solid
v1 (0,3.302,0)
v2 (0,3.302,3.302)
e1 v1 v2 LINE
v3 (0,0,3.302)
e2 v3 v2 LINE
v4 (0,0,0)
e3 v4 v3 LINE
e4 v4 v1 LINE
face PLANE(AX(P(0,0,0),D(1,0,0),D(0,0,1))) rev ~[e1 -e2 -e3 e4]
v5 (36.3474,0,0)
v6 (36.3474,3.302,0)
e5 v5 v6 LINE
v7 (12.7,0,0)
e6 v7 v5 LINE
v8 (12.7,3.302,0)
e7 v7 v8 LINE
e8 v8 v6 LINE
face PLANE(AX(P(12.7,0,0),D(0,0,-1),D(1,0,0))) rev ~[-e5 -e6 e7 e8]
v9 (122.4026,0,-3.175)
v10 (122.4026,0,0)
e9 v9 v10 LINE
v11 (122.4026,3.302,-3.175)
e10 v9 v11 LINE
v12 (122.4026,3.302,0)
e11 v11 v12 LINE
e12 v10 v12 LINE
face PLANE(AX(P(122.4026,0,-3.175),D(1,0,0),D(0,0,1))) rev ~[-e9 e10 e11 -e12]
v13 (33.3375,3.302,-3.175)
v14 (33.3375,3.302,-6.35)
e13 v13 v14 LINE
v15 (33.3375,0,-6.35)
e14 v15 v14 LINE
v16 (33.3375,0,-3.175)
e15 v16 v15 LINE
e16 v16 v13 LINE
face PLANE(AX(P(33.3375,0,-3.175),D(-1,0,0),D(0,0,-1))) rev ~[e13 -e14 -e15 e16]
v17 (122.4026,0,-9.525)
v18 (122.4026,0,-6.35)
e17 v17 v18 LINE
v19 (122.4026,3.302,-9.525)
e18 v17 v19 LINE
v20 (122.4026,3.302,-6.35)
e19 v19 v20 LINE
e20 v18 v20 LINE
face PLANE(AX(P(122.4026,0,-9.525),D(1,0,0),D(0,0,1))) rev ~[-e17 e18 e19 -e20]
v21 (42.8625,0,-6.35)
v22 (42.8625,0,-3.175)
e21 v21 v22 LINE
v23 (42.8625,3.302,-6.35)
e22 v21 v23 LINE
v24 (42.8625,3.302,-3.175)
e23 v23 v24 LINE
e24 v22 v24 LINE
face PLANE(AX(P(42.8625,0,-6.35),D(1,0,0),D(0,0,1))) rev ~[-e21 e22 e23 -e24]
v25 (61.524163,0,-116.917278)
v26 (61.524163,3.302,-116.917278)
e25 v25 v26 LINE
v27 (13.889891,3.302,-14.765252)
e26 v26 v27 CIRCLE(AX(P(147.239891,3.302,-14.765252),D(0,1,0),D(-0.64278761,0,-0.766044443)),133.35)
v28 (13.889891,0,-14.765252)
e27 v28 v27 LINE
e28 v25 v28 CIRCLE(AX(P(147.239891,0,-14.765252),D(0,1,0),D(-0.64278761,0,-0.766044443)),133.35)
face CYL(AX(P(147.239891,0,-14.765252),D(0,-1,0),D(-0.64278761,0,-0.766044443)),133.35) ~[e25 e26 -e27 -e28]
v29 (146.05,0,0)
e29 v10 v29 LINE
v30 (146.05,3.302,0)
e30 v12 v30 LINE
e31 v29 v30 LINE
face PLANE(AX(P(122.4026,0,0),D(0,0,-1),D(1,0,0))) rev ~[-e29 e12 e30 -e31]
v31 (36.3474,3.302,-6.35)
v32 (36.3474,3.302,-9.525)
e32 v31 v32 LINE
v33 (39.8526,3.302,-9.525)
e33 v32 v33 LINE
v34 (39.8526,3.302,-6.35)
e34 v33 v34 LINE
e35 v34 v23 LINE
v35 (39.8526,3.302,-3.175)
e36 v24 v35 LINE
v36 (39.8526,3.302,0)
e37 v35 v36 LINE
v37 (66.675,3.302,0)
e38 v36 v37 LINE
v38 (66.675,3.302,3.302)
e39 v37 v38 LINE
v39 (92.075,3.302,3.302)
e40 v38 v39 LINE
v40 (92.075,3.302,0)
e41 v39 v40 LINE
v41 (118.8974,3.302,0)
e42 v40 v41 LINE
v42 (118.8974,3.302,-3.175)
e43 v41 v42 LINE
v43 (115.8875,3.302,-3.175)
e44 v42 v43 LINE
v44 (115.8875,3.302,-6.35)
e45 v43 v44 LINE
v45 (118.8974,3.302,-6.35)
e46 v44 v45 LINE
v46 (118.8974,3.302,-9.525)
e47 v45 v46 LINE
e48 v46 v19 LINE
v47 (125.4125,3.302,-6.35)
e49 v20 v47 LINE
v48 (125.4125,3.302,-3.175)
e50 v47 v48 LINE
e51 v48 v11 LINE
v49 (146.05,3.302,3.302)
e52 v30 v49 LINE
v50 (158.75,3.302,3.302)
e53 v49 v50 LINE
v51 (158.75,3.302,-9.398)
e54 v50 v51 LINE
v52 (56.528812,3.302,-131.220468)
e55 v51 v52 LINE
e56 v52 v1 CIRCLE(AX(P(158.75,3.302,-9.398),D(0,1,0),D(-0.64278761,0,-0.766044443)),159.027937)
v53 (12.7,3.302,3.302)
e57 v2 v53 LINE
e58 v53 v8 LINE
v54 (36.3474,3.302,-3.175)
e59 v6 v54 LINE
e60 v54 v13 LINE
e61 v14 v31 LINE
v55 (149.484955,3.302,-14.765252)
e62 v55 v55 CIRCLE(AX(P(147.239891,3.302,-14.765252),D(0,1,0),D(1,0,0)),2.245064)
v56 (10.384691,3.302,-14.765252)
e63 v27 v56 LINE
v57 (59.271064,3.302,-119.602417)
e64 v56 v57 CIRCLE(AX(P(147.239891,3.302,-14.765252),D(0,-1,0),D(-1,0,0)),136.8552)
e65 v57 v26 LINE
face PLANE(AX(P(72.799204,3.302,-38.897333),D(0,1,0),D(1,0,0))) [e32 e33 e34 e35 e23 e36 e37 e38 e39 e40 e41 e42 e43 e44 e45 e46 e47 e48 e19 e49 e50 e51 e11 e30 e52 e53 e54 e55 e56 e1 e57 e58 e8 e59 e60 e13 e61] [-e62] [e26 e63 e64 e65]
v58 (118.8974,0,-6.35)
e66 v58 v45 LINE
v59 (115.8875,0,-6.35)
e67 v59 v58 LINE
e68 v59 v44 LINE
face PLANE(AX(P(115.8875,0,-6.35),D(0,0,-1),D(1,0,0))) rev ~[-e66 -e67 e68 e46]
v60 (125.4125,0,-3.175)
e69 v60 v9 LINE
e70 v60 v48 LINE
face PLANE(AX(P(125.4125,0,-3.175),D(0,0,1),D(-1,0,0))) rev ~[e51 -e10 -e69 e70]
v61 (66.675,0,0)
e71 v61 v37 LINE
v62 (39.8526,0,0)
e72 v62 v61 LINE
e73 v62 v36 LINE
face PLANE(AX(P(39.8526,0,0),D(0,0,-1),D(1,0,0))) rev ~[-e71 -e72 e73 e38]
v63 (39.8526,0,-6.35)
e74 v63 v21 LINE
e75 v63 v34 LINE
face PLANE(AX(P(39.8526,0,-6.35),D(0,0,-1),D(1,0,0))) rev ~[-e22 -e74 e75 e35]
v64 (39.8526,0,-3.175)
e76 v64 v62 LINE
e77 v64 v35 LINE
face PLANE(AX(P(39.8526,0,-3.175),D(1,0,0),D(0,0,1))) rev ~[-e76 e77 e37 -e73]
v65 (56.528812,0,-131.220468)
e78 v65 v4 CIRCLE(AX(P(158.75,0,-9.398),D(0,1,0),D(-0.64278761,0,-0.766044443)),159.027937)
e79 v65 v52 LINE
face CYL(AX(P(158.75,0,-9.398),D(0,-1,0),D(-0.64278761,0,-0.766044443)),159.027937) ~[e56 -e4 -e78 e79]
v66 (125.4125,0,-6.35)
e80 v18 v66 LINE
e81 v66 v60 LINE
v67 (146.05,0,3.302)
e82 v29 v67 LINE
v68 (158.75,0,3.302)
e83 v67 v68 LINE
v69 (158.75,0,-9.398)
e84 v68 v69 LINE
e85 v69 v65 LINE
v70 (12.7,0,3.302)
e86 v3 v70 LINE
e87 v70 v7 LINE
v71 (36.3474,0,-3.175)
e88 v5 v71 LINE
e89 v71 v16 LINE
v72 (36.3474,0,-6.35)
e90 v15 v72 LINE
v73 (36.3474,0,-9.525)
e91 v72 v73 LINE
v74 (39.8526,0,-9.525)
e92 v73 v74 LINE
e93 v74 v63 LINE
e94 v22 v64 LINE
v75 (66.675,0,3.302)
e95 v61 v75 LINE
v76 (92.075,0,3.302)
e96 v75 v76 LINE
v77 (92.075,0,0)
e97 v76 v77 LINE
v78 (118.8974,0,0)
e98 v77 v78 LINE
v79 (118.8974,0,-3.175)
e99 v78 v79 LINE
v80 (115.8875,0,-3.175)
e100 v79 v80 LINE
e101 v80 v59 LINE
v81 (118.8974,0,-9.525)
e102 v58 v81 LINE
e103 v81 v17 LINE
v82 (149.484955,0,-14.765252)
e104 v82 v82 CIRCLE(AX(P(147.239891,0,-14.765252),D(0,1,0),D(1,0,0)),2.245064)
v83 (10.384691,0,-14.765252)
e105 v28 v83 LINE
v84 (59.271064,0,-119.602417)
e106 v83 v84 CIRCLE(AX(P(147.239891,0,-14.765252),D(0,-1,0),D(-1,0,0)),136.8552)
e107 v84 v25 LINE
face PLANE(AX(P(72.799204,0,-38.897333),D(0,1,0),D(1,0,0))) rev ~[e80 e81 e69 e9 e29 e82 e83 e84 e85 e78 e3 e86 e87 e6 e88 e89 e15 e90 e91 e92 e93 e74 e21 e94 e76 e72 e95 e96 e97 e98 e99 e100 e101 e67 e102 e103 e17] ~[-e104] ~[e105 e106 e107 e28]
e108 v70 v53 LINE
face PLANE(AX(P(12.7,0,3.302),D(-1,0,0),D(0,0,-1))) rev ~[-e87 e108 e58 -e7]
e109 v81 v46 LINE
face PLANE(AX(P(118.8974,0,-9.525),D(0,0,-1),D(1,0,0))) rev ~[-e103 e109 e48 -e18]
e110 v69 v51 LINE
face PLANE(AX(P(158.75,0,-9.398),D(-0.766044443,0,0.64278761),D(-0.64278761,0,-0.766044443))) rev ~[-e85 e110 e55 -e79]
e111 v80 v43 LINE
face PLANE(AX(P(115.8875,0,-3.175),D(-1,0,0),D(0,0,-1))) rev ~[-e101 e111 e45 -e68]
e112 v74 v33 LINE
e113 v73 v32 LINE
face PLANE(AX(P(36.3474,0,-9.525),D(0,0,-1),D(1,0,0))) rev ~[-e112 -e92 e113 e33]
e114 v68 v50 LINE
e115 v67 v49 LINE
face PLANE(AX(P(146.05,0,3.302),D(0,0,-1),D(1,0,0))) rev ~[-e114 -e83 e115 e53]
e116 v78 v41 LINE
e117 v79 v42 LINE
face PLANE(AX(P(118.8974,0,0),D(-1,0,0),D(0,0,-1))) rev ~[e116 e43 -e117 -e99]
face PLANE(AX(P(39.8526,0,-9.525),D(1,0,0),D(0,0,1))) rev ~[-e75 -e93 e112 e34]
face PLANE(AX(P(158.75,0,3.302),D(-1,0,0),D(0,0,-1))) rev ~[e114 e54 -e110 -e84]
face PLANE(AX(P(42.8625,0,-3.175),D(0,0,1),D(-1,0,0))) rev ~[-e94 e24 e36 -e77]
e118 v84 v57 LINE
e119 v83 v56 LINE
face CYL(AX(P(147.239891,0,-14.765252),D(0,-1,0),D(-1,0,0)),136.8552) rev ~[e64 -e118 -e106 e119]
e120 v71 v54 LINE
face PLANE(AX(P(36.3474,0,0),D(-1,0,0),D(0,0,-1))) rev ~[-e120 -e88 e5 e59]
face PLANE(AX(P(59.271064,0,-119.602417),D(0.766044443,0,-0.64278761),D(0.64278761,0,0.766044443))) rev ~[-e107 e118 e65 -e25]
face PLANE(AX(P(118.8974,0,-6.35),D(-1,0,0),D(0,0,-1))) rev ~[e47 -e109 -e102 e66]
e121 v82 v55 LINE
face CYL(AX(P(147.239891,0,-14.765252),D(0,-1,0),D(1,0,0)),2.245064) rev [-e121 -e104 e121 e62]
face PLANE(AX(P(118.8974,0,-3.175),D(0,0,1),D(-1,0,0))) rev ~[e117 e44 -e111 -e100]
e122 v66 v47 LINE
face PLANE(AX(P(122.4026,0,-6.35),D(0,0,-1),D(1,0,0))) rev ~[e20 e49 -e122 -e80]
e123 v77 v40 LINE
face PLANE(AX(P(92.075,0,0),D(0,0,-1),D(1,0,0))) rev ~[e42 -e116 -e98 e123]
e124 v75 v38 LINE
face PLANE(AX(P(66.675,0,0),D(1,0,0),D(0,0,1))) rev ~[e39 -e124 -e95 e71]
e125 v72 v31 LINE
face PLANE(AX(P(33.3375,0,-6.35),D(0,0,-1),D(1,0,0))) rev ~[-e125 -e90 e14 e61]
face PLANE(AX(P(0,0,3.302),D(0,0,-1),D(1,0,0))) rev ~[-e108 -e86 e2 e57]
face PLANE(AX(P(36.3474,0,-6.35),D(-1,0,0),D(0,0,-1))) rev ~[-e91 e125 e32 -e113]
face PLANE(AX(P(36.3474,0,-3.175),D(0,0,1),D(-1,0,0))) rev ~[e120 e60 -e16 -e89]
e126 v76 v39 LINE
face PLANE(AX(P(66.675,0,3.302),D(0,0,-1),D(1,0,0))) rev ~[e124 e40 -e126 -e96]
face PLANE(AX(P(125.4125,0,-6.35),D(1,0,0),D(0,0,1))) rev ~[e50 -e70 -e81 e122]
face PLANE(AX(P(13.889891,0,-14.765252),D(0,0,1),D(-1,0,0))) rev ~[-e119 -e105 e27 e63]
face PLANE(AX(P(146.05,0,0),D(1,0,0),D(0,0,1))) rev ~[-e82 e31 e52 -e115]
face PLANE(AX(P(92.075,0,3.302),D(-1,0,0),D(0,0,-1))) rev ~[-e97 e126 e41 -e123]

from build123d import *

# Parameters (mm, degrees)
SKETCH1_R           = 2.24506403
BOSS_EXTRUDE1_DEPTH = 3.302


with BuildPart() as part:
    # Sketch1 → Boss-Extrude1 (new body)
    with BuildSketch(Plane(origin=(0, 0, 0), x_dir=(1, 0, 0), z_dir=(0, 1, 0))):
        with BuildLine():
            Line((12.7, -3.302), (12.7, 0))
            Line((12.7, 0), (36.3474, 0))
            Line((36.3474, 0), (36.3474, 3.175))
            Line((36.3474, 3.175), (33.3375, 3.175))
            Line((33.3375, 3.175), (33.3375, 6.35))
            Line((33.3375, 6.35), (36.3474, 6.35))
            Line((36.3474, 6.35), (36.3474, 9.525))
            Line((36.3474, 9.525), (39.8526, 9.525))
            Line((39.8526, 9.525), (39.8526, 6.35))
            Line((39.8526, 6.35), (42.8625, 6.35))
            Line((42.8625, 6.35), (42.8625, 3.175))
            Line((42.8625, 3.175), (39.8526, 3.175))
            Line((39.8526, 3.175), (39.8526, 0))
            Line((39.8526, 0), (66.675, 0))
            Line((66.675, 0), (66.675, -3.302))
            Line((66.675, -3.302), (92.075, -3.302))
            Line((92.075, -3.302), (92.075, 0))
            Line((92.075, 0), (118.8974, 0))
            Line((118.8974, 0), (118.8974, 3.175))
            Line((118.8974, 3.175), (115.8875, 3.175))
            Line((115.8875, 3.175), (115.8875, 6.35))
            Line((115.8875, 6.35), (118.8974, 6.35))
            Line((118.8974, 6.35), (118.8974, 9.525))
            Line((118.8974, 9.525), (122.4026, 9.525))
            Line((122.4026, 9.525), (122.4026, 6.35))
            Line((122.4026, 6.35), (125.4125, 6.35))
            Line((125.4125, 6.35), (125.4125, 3.175))
            Line((125.4125, 3.175), (122.4026, 3.175))
            Line((122.4026, 3.175), (122.4026, 0))
            Line((122.4026, 0), (146.05, 0))
            Line((146.05, 0), (146.05, -3.302))
            Line((146.05, -3.302), (158.75, -3.302))
            Line((158.75, -3.302), (158.75, 9.398))
            Line((158.75, 9.398), (56.528812184, 131.220467819))
            ThreePointArc((56.528812184, 131.220467819), (12.697978408, 72.316136438), (0, 0))
            Line((0, 0), (0, -3.302))
            Line((0, -3.302), (12.7, -3.302))
        make_face()
        with Locations((147.239891105, 14.765251924)):
            Circle(SKETCH1_R, mode=Mode.SUBTRACT)
        with BuildLine():
            Line((13.889891105, 14.765251924), (10.384691105, 14.765251924))
            ThreePointArc((10.384691105, 14.765251924), (23.206957648, 72.602758658), (59.271064223, 119.602417396))
            Line((59.271064223, 119.602417396), (61.524163353, 116.917278414))
            ThreePointArc((61.524163353, 116.917278414), (26.383747703, 71.121397127), (13.889891105, 14.765251924))
        make_face(mode=Mode.SUBTRACT)
    extrude(amount=BOSS_EXTRUDE1_DEPTH)


solid = part.part
